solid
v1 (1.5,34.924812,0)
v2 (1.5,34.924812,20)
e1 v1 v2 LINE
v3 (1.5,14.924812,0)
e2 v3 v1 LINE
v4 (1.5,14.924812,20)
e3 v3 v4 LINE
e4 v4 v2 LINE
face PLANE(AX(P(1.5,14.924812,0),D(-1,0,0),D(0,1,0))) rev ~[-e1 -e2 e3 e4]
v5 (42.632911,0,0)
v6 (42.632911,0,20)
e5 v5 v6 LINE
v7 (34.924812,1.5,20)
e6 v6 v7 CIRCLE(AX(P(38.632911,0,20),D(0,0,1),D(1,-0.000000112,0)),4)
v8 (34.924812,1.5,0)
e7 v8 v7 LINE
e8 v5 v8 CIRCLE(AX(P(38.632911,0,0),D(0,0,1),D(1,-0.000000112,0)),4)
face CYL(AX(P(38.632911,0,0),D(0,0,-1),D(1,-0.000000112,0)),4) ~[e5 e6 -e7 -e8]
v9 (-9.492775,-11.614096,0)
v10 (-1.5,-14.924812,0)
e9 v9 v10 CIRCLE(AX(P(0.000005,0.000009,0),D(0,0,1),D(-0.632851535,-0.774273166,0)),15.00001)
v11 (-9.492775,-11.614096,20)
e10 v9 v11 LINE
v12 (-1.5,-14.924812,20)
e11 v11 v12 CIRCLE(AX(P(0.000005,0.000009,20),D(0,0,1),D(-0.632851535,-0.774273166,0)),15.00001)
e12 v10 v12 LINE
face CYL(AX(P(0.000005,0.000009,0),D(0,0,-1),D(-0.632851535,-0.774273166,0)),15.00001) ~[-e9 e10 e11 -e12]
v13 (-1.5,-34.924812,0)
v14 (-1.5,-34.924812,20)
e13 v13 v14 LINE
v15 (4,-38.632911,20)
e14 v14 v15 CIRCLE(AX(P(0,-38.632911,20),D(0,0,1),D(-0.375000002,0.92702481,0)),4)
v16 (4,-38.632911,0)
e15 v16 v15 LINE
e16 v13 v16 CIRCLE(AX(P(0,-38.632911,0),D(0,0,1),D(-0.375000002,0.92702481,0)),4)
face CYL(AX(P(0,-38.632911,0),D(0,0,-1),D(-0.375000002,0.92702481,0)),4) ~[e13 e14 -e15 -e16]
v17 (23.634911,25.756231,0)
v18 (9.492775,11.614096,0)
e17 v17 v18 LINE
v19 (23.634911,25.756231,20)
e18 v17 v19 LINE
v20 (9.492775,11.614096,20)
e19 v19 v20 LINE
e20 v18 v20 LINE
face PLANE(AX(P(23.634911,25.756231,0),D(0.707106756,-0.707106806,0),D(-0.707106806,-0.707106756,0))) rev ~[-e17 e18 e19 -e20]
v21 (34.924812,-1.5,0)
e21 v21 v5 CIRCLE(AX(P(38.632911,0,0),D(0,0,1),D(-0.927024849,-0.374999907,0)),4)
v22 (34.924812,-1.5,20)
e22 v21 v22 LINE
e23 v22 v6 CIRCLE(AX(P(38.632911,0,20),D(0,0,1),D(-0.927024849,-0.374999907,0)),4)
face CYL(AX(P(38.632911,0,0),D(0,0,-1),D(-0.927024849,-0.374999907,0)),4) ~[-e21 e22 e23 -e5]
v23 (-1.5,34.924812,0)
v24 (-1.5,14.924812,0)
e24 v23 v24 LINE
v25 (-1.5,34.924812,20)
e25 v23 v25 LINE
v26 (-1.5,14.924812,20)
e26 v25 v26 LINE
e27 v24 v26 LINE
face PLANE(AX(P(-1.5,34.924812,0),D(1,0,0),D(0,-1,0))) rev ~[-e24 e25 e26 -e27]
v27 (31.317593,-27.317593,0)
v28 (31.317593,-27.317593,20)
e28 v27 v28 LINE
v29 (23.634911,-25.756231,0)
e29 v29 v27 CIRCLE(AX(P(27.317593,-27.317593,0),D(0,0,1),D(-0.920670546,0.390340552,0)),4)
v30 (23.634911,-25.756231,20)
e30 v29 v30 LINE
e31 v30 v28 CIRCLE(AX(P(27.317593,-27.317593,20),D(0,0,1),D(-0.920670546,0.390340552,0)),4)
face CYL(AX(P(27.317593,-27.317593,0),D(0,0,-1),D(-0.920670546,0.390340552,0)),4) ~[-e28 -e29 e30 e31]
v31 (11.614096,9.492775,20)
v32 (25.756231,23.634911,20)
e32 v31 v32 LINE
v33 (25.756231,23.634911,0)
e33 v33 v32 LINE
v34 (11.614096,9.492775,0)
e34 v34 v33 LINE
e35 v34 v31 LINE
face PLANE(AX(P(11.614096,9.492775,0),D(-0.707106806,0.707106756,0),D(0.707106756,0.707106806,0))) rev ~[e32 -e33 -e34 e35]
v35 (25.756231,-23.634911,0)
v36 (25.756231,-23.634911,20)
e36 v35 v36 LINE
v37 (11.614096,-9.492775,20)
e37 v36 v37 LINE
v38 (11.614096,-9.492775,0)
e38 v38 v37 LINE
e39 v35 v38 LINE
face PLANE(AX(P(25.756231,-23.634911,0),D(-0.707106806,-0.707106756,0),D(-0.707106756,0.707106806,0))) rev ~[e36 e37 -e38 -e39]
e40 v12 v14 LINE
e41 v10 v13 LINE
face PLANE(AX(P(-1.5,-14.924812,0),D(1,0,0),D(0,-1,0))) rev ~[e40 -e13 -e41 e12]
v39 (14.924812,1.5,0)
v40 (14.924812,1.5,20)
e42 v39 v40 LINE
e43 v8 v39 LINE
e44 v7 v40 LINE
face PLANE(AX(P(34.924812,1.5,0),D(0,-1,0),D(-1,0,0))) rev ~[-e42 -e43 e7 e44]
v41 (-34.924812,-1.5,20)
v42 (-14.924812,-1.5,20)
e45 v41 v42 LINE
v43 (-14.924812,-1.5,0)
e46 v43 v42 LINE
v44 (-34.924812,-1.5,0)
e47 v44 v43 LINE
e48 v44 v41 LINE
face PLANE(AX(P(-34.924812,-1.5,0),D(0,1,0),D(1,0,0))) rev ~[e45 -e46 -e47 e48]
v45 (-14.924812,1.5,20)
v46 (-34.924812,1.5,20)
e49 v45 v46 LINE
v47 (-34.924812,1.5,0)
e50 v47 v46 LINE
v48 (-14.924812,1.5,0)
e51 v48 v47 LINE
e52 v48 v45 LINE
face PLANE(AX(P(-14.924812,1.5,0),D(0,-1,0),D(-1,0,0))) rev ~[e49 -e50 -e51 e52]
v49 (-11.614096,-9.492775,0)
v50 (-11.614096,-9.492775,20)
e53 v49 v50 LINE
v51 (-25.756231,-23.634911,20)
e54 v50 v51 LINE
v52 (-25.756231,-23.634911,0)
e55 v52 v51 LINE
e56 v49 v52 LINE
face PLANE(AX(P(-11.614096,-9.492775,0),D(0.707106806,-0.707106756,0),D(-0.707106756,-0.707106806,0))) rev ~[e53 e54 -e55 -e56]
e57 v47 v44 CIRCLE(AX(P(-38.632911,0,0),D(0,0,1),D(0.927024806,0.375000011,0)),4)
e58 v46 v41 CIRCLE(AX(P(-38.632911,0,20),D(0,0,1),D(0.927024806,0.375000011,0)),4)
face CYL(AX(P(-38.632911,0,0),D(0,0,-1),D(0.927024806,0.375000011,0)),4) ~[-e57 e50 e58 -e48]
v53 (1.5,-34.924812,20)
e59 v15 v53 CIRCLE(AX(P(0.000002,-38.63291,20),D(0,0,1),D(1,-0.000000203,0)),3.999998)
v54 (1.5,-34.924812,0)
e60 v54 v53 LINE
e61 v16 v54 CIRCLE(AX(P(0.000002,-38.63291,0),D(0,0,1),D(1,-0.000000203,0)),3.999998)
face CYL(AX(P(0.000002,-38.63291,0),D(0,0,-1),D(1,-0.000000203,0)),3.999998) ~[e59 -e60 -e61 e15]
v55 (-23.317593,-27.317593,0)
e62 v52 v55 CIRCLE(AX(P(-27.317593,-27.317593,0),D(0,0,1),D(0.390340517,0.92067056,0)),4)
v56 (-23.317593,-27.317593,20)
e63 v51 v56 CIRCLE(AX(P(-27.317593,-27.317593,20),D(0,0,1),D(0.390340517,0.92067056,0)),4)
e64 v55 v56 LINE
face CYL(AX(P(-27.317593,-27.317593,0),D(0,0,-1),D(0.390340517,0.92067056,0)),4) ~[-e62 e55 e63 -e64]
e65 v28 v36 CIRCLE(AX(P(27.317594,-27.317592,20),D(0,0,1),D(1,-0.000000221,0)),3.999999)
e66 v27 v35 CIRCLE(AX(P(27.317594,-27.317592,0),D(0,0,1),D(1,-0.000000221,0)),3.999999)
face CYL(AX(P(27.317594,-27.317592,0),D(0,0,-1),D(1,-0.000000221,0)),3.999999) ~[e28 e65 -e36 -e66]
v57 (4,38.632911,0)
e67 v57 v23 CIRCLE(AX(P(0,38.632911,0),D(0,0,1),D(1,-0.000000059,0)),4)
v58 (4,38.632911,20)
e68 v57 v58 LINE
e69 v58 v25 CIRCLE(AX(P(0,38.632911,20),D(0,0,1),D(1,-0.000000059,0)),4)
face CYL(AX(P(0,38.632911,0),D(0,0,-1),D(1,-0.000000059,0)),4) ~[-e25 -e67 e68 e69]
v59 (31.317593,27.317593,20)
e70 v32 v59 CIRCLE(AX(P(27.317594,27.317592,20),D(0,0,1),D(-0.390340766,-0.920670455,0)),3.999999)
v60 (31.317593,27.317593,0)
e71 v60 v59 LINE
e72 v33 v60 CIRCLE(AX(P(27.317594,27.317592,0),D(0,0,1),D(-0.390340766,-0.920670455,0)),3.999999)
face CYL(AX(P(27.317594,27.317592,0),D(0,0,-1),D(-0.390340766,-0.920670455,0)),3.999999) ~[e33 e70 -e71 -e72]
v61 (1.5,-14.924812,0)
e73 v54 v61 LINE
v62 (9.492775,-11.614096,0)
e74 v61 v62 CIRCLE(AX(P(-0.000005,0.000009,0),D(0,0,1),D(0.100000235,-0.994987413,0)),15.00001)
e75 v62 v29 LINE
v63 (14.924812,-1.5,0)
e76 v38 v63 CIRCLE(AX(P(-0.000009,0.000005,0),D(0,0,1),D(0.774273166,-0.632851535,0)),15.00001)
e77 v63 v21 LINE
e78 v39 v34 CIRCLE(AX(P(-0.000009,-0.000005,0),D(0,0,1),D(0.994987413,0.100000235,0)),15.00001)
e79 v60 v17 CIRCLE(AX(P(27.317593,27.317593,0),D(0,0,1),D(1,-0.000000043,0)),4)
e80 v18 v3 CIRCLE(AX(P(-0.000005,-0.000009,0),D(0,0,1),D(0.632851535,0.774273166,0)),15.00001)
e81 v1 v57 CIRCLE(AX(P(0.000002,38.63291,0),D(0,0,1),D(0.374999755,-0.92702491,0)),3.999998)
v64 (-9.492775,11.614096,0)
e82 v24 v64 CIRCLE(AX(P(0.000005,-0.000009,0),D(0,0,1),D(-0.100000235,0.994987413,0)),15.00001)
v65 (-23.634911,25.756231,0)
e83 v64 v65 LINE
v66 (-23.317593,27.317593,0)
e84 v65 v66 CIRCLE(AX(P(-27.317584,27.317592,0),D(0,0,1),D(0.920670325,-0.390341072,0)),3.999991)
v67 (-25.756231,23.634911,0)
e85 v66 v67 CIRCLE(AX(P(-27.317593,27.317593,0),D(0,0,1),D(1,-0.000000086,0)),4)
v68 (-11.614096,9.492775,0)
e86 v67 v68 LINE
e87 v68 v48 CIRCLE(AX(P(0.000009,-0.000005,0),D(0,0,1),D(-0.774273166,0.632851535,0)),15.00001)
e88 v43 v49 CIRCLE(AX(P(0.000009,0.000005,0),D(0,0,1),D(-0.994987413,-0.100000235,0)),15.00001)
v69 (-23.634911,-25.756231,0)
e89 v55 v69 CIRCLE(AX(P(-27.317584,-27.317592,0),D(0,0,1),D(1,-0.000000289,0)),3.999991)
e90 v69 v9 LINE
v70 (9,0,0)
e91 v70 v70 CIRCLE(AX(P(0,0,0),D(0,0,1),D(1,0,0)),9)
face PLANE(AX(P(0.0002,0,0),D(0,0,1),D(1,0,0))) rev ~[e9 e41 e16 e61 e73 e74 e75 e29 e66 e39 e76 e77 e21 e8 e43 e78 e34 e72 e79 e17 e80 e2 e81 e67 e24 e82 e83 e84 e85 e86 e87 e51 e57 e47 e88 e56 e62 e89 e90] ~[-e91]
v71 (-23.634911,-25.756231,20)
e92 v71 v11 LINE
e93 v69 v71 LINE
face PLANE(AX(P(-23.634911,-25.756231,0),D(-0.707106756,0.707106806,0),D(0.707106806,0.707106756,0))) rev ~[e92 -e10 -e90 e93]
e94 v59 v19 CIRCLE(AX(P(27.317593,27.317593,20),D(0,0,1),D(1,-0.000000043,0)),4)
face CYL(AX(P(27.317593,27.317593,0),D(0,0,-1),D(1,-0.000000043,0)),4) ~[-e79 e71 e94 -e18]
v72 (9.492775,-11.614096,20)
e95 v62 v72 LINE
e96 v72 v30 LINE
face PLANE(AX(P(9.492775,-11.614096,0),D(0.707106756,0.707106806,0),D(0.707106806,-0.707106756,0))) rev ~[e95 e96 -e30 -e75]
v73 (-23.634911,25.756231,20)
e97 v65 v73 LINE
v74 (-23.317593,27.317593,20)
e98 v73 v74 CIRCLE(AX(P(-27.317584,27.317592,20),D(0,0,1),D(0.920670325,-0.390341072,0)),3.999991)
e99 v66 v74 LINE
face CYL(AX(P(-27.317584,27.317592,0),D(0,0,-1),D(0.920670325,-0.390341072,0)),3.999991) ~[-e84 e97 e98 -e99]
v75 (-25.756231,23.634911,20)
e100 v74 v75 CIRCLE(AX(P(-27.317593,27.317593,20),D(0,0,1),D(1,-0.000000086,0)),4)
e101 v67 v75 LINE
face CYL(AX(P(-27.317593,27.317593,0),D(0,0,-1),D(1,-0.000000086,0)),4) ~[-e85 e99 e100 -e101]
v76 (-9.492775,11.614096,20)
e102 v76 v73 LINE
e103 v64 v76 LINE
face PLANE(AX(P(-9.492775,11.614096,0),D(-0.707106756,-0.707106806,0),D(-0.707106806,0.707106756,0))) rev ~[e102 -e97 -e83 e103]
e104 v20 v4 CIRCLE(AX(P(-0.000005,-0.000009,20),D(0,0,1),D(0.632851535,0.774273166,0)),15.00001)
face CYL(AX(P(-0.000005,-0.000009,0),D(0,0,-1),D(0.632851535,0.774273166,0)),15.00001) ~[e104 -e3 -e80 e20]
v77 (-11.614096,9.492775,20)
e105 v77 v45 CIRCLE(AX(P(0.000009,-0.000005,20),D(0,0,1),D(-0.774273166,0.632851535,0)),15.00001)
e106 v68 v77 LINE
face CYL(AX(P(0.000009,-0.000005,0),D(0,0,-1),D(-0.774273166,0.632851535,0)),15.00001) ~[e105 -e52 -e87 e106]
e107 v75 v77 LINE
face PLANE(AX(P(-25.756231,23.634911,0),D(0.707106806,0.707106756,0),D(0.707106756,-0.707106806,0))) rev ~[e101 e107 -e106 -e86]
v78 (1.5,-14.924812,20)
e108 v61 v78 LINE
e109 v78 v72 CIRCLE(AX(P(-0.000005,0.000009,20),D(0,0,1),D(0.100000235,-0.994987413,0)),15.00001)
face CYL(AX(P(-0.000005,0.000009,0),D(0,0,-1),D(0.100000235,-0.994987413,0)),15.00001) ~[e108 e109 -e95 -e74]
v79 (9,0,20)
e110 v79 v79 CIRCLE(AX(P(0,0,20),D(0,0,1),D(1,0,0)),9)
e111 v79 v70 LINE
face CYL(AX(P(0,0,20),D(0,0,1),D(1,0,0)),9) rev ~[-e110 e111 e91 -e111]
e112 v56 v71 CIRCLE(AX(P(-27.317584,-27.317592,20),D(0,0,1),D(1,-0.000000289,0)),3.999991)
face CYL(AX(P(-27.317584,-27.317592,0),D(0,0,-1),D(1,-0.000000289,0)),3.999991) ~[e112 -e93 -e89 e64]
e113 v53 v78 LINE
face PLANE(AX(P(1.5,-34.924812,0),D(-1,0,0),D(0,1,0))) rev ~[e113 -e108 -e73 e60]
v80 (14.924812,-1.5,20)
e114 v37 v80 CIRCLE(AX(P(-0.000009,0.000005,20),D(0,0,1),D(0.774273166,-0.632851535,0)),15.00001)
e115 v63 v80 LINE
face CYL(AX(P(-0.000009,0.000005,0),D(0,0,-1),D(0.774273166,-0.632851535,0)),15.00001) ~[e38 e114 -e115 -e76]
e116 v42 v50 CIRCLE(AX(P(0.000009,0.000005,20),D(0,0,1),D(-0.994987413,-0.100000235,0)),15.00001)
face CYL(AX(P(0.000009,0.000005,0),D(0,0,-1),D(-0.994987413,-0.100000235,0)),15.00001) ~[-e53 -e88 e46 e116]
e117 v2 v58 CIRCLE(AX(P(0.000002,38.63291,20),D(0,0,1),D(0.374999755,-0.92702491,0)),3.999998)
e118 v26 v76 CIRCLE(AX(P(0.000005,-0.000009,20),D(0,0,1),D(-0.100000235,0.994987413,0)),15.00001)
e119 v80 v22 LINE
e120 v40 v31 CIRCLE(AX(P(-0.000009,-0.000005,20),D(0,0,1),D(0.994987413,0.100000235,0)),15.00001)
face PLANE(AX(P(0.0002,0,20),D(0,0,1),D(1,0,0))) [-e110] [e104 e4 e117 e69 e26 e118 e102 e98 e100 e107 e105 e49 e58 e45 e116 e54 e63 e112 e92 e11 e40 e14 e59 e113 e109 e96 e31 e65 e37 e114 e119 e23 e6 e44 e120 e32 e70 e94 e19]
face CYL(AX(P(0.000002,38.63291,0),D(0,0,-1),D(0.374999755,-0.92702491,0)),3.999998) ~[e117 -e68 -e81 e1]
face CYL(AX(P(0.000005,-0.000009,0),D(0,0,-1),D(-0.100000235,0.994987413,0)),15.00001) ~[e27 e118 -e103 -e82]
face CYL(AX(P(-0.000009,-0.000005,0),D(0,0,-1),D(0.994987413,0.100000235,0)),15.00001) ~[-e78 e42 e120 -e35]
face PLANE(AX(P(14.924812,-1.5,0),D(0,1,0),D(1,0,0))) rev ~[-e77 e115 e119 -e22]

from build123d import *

# Parameters (mm, degrees)
F1_DEPTH = 20
F2_R     = 9
F3_DEPTH = 20.001


with BuildPart() as f1:
    # F0 (on Top) → F1 (new body)
    with BuildSketch(Plane.XY):
        with BuildLine():
            ThreePointArc((14.924812, -1.5), (14.981191, -0.750942), (15, 0))
            ThreePointArc((15, 0), (14.981191, 0.750942), (14.924812, 1.5))
            ThreePointArc((14.924812, 1.5), (13.858193, 5.740251), (11.614096, 9.492775))
            ThreePointArc((11.614096, 9.492775), (10.606602, 10.606602), (9.492775, 11.614096))
            ThreePointArc((9.492775, 11.614096), (5.740251, 13.858193), (1.5, 14.924812))
            ThreePointArc((1.5, 14.924812), (0, 15), (-1.5, 14.924812))
            ThreePointArc((-1.5, 14.924812), (-5.740251, 13.858193), (-9.492775, 11.614096))
            ThreePointArc((-9.492775, 11.614096), (-10.606602, 10.606602), (-11.614096, 9.492775))
            ThreePointArc((-11.614096, 9.492775), (-13.858193, 5.740251), (-14.924812, 1.5))
            ThreePointArc((-14.924812, 1.5), (-15, 0), (-14.924812, -1.5))
            ThreePointArc((-14.924812, -1.5), (-13.858193, -5.740251), (-11.614096, -9.492775))
            ThreePointArc((-11.614096, -9.492775), (-10.606602, -10.606602), (-9.492775, -11.614096))
            ThreePointArc((-9.492775, -11.614096), (-5.740251, -13.858193), (-1.5, -14.924812))
            ThreePointArc((-1.5, -14.924812), (0, -15), (1.5, -14.924812))
            ThreePointArc((1.5, -14.924812), (5.740251, -13.858193), (9.492775, -11.614096))
            ThreePointArc((9.492775, -11.614096), (10.606602, -10.606602), (11.614096, -9.492775))
            ThreePointArc((11.614096, -9.492775), (13.858193, -5.740251), (14.924812, -1.5))
        make_face()
        with BuildLine():
            ThreePointArc((14.924812, 1.5), (14.981191, 0.750942), (15, 0))
            ThreePointArc((15, 0), (14.981191, -0.750942), (14.924812, -1.5))
            Line((14.924812, -1.5), (34.924812, -1.5))
            ThreePointArc((34.924812, -1.5), (34.632911, 0), (34.924812, 1.5))
            Line((34.924812, 1.5), (14.924812, 1.5))
        make_face()
        with BuildLine():
            ThreePointArc((9.492775, 11.614096), (10.606602, 10.606602), (11.614096, 9.492775))
            Line((11.614096, 9.492775), (25.756231, 23.634911))
            ThreePointArc((25.756231, 23.634911), (24.489166, 24.489166), (23.634911, 25.756231))
            Line((23.634911, 25.756231), (9.492775, 11.614096))
        make_face()
        with BuildLine():
            ThreePointArc((42.632911, 0), (39.39698, 3.926347), (34.924812, 1.5))
            ThreePointArc((34.924812, 1.5), (34.632911, 0), (34.924812, -1.5))
            ThreePointArc((34.924812, -1.5), (39.39698, -3.926347), (42.632911, 0))
        make_face()
        with BuildLine():
            Line((25.756231, -23.634911), (11.614096, -9.492775))
            ThreePointArc((11.614096, -9.492775), (10.606602, -10.606602), (9.492775, -11.614096))
            Line((9.492775, -11.614096), (23.634911, -25.756231))
            ThreePointArc((23.634911, -25.756231), (24.489166, -24.489166), (25.756231, -23.634911))
        make_face()
        with BuildLine():
            ThreePointArc((23.634911, 25.756231), (24.489166, 24.489166), (25.756231, 23.634911))
            ThreePointArc((25.756231, 23.634911), (29.526049, 23.982518), (31.317593, 27.317593))
            ThreePointArc((31.317593, 27.317593), (26.520953, 31.237461), (23.634911, 25.756231))
        make_face()
        with BuildLine():
            ThreePointArc((31.317593, -27.317593), (29.526049, -23.982518), (25.756231, -23.634911))
            ThreePointArc((25.756231, -23.634911), (24.489166, -24.489166), (23.634911, -25.756231))
            ThreePointArc((23.634911, -25.756231), (26.520953, -31.237461), (31.317593, -27.317593))
        make_face()
        with BuildLine():
            ThreePointArc((-1.5, 14.924812), (0, 15), (1.5, 14.924812))
            Line((1.5, 14.924812), (1.5, 34.924812))
            ThreePointArc((1.5, 34.924812), (0, 34.632911), (-1.5, 34.924812))
            Line((-1.5, 34.924812), (-1.5, 14.924812))
        make_face()
        with BuildLine():
            Line((1.5, -34.924812), (1.5, -14.924812))
            ThreePointArc((1.5, -14.924812), (0, -15), (-1.5, -14.924812))
            Line((-1.5, -14.924812), (-1.5, -34.924812))
            ThreePointArc((-1.5, -34.924812), (0, -34.632911), (1.5, -34.924812))
        make_face()
        with BuildLine():
            ThreePointArc((-1.5, 34.924812), (0, 34.632911), (1.5, 34.924812))
            ThreePointArc((1.5, 34.924812), (3.316625, 36.396843), (4, 38.632911))
            ThreePointArc((4, 38.632911), (-2.236068, 41.949536), (-1.5, 34.924812))
        make_face()
        with BuildLine():
            ThreePointArc((4, -38.632911), (3.316625, -36.396843), (1.5, -34.924812))
            ThreePointArc((1.5, -34.924812), (0, -34.632911), (-1.5, -34.924812))
            ThreePointArc((-1.5, -34.924812), (-2.236068, -41.949536), (4, -38.632911))
        make_face()
        with BuildLine():
            ThreePointArc((-11.614096, 9.492775), (-10.606602, 10.606602), (-9.492775, 11.614096))
            Line((-9.492775, 11.614096), (-23.634911, 25.756231))
            ThreePointArc((-23.634911, 25.756231), (-24.489166, 24.489166), (-25.756231, 23.634911))
            Line((-25.756231, 23.634911), (-11.614096, 9.492775))
        make_face()
        with BuildLine():
            Line((-23.634911, -25.756231), (-9.492775, -11.614096))
            ThreePointArc((-9.492775, -11.614096), (-10.606602, -10.606602), (-11.614096, -9.492775))
            Line((-11.614096, -9.492775), (-25.756231, -23.634911))
            ThreePointArc((-25.756231, -23.634911), (-24.489166, -24.489166), (-23.634911, -25.756231))
        make_face()
        with BuildLine():
            ThreePointArc((-25.756231, 23.634911), (-24.489166, 24.489166), (-23.634911, 25.756231))
            ThreePointArc((-23.634911, 25.756231), (-23.397725, 26.520953), (-23.317593, 27.317593))
            ThreePointArc((-23.317593, 27.317593), (-30.652668, 29.526049), (-25.756231, 23.634911))
        make_face()
        with BuildLine():
            ThreePointArc((-23.317593, -27.317593), (-23.397725, -26.520953), (-23.634911, -25.756231))
            ThreePointArc((-23.634911, -25.756231), (-24.489166, -24.489166), (-25.756231, -23.634911))
            ThreePointArc((-25.756231, -23.634911), (-30.652668, -29.526049), (-23.317593, -27.317593))
        make_face()
        with BuildLine():
            ThreePointArc((-14.924812, -1.5), (-15, 0), (-14.924812, 1.5))
            Line((-14.924812, 1.5), (-34.924812, 1.5))
            ThreePointArc((-34.924812, 1.5), (-34.706564, 0.764069), (-34.632911, 0))
            ThreePointArc((-34.632911, 0), (-34.706564, -0.764069), (-34.924812, -1.5))
            Line((-34.924812, -1.5), (-14.924812, -1.5))
        make_face()
        with BuildLine():
            ThreePointArc((-34.632911, 0), (-34.706564, 0.764069), (-34.924812, 1.5))
            ThreePointArc((-34.924812, 1.5), (-42.632911, 0), (-34.924812, -1.5))
            ThreePointArc((-34.924812, -1.5), (-34.706564, -0.764069), (-34.632911, 0))
        make_face()
    extrude(amount=F1_DEPTH)

    # F2 (on face) → F3 (cut, through all)
    with BuildSketch(Plane.XY.offset(20)):
        Circle(F2_R)
    extrude(amount=-F3_DEPTH, mode=Mode.SUBTRACT)


solid = f1.part
